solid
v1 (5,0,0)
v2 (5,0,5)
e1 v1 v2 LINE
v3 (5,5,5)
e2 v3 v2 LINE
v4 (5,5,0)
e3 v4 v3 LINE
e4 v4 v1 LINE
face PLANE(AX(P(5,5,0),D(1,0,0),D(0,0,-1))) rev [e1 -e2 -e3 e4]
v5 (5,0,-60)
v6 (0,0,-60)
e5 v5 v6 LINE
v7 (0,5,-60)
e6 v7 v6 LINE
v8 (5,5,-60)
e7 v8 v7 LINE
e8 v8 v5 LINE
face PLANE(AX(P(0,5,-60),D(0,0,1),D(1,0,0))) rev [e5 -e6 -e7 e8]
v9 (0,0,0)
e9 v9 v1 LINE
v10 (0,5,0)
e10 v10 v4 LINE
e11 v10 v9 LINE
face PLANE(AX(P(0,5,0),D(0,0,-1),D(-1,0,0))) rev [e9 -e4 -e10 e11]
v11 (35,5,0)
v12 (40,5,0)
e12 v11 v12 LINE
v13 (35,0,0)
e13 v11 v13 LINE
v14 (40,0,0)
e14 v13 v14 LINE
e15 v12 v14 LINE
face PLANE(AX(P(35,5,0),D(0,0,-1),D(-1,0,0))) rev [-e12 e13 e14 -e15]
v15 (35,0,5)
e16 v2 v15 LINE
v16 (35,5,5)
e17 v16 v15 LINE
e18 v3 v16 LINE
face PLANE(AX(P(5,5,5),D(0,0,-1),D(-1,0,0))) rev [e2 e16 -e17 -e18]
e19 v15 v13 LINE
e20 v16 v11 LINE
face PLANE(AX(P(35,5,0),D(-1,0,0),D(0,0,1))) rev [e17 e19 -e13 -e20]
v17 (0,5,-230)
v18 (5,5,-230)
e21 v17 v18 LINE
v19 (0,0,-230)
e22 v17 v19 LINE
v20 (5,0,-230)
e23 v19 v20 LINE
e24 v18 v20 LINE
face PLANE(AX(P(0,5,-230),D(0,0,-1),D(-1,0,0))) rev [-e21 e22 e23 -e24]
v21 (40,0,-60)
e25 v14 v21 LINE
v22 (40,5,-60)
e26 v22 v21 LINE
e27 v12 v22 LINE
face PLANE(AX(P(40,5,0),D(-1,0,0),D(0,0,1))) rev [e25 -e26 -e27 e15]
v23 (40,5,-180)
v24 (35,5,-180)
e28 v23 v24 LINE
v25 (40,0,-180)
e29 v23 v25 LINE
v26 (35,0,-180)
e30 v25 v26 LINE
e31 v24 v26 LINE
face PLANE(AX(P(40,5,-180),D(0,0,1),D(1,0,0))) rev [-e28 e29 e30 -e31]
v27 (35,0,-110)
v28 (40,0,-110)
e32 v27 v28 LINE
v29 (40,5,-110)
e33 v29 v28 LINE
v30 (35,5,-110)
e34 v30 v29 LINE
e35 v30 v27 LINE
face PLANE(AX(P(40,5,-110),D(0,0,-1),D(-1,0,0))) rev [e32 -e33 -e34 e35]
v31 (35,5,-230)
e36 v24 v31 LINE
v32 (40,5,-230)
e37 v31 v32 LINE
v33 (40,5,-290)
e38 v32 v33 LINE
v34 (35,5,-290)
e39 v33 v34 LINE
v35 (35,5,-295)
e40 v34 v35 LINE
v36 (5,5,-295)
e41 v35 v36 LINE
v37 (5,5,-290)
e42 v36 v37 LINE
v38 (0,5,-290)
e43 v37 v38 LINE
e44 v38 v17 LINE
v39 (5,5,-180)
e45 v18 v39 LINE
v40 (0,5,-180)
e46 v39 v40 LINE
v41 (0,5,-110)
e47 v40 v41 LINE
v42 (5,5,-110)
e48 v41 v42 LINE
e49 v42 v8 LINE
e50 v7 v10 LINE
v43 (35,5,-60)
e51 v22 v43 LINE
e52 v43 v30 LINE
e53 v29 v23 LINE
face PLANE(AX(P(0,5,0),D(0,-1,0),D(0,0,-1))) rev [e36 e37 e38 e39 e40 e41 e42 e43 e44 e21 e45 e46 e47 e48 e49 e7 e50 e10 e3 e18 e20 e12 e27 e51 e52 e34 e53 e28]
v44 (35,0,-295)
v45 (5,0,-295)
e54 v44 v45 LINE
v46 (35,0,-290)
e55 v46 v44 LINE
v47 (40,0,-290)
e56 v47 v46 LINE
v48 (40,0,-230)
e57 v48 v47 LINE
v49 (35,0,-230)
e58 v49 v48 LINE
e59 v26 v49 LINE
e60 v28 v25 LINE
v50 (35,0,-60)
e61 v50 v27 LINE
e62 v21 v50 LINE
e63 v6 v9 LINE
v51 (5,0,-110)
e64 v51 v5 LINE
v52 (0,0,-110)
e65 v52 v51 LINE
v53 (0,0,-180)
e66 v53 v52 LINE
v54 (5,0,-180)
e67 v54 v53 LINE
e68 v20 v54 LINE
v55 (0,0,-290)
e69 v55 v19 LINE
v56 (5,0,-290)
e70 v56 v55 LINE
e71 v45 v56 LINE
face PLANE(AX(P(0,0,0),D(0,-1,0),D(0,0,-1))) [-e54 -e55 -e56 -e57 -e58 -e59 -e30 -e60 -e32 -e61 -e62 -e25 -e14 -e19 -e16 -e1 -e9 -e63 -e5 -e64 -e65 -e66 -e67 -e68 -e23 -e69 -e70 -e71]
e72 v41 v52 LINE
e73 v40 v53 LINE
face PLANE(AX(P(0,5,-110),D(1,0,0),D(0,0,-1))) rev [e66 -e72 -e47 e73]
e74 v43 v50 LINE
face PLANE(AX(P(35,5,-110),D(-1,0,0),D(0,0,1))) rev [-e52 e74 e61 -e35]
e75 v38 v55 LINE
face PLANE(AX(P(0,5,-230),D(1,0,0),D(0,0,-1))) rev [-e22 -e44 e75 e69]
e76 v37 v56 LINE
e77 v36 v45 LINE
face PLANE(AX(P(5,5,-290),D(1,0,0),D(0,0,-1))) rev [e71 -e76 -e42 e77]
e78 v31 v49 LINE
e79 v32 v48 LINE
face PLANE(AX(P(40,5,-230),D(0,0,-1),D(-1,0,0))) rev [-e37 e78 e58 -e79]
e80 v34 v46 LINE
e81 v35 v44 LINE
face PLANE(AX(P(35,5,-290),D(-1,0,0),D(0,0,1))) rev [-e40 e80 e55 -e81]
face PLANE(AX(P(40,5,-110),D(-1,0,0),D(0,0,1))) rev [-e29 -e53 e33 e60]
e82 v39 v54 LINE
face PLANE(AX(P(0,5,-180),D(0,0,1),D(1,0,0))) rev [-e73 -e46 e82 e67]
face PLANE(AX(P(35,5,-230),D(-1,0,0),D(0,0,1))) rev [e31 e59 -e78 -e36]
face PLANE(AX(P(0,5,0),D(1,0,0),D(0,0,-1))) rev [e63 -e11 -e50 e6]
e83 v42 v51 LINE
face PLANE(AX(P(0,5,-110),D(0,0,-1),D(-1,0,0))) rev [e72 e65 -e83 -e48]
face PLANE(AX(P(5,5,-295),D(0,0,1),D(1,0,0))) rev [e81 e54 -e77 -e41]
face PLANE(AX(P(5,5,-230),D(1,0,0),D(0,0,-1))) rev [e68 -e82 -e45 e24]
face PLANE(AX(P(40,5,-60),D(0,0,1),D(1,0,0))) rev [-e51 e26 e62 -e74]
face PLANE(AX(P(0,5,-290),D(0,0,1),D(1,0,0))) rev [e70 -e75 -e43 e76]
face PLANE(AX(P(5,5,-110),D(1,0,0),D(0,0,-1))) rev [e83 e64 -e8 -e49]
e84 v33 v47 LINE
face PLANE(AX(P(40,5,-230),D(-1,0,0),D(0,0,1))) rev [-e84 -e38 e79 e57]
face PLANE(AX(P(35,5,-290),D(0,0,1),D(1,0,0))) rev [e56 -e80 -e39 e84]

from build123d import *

# Parameters (mm, degrees)
EXTRUDE_1_DEPTH = 5


with BuildPart() as part:
    # 草图1 → 凸台-拉伸1 (new body)
    with BuildSketch(Plane(origin=(0, 0, 0), x_dir=(1, 0, 0), z_dir=(0, 1, 0))):
        Polygon((35, 290), (40, 290), (40, 230), (35, 230), (35, 180), (40, 180), (40, 110), (35, 110), (35, 60), (40, 60), (40, 0), (35, 0), (35, -5), (5, -5), (5, 0), (0, 0), (0, 60), (5, 60), (5, 110), (0, 110), (0, 180), (5, 180), (5, 230), (0, 230), (0, 290), (5, 290), (5, 295), (35, 295), align=None)
    extrude(amount=EXTRUDE_1_DEPTH)


solid = part.part
